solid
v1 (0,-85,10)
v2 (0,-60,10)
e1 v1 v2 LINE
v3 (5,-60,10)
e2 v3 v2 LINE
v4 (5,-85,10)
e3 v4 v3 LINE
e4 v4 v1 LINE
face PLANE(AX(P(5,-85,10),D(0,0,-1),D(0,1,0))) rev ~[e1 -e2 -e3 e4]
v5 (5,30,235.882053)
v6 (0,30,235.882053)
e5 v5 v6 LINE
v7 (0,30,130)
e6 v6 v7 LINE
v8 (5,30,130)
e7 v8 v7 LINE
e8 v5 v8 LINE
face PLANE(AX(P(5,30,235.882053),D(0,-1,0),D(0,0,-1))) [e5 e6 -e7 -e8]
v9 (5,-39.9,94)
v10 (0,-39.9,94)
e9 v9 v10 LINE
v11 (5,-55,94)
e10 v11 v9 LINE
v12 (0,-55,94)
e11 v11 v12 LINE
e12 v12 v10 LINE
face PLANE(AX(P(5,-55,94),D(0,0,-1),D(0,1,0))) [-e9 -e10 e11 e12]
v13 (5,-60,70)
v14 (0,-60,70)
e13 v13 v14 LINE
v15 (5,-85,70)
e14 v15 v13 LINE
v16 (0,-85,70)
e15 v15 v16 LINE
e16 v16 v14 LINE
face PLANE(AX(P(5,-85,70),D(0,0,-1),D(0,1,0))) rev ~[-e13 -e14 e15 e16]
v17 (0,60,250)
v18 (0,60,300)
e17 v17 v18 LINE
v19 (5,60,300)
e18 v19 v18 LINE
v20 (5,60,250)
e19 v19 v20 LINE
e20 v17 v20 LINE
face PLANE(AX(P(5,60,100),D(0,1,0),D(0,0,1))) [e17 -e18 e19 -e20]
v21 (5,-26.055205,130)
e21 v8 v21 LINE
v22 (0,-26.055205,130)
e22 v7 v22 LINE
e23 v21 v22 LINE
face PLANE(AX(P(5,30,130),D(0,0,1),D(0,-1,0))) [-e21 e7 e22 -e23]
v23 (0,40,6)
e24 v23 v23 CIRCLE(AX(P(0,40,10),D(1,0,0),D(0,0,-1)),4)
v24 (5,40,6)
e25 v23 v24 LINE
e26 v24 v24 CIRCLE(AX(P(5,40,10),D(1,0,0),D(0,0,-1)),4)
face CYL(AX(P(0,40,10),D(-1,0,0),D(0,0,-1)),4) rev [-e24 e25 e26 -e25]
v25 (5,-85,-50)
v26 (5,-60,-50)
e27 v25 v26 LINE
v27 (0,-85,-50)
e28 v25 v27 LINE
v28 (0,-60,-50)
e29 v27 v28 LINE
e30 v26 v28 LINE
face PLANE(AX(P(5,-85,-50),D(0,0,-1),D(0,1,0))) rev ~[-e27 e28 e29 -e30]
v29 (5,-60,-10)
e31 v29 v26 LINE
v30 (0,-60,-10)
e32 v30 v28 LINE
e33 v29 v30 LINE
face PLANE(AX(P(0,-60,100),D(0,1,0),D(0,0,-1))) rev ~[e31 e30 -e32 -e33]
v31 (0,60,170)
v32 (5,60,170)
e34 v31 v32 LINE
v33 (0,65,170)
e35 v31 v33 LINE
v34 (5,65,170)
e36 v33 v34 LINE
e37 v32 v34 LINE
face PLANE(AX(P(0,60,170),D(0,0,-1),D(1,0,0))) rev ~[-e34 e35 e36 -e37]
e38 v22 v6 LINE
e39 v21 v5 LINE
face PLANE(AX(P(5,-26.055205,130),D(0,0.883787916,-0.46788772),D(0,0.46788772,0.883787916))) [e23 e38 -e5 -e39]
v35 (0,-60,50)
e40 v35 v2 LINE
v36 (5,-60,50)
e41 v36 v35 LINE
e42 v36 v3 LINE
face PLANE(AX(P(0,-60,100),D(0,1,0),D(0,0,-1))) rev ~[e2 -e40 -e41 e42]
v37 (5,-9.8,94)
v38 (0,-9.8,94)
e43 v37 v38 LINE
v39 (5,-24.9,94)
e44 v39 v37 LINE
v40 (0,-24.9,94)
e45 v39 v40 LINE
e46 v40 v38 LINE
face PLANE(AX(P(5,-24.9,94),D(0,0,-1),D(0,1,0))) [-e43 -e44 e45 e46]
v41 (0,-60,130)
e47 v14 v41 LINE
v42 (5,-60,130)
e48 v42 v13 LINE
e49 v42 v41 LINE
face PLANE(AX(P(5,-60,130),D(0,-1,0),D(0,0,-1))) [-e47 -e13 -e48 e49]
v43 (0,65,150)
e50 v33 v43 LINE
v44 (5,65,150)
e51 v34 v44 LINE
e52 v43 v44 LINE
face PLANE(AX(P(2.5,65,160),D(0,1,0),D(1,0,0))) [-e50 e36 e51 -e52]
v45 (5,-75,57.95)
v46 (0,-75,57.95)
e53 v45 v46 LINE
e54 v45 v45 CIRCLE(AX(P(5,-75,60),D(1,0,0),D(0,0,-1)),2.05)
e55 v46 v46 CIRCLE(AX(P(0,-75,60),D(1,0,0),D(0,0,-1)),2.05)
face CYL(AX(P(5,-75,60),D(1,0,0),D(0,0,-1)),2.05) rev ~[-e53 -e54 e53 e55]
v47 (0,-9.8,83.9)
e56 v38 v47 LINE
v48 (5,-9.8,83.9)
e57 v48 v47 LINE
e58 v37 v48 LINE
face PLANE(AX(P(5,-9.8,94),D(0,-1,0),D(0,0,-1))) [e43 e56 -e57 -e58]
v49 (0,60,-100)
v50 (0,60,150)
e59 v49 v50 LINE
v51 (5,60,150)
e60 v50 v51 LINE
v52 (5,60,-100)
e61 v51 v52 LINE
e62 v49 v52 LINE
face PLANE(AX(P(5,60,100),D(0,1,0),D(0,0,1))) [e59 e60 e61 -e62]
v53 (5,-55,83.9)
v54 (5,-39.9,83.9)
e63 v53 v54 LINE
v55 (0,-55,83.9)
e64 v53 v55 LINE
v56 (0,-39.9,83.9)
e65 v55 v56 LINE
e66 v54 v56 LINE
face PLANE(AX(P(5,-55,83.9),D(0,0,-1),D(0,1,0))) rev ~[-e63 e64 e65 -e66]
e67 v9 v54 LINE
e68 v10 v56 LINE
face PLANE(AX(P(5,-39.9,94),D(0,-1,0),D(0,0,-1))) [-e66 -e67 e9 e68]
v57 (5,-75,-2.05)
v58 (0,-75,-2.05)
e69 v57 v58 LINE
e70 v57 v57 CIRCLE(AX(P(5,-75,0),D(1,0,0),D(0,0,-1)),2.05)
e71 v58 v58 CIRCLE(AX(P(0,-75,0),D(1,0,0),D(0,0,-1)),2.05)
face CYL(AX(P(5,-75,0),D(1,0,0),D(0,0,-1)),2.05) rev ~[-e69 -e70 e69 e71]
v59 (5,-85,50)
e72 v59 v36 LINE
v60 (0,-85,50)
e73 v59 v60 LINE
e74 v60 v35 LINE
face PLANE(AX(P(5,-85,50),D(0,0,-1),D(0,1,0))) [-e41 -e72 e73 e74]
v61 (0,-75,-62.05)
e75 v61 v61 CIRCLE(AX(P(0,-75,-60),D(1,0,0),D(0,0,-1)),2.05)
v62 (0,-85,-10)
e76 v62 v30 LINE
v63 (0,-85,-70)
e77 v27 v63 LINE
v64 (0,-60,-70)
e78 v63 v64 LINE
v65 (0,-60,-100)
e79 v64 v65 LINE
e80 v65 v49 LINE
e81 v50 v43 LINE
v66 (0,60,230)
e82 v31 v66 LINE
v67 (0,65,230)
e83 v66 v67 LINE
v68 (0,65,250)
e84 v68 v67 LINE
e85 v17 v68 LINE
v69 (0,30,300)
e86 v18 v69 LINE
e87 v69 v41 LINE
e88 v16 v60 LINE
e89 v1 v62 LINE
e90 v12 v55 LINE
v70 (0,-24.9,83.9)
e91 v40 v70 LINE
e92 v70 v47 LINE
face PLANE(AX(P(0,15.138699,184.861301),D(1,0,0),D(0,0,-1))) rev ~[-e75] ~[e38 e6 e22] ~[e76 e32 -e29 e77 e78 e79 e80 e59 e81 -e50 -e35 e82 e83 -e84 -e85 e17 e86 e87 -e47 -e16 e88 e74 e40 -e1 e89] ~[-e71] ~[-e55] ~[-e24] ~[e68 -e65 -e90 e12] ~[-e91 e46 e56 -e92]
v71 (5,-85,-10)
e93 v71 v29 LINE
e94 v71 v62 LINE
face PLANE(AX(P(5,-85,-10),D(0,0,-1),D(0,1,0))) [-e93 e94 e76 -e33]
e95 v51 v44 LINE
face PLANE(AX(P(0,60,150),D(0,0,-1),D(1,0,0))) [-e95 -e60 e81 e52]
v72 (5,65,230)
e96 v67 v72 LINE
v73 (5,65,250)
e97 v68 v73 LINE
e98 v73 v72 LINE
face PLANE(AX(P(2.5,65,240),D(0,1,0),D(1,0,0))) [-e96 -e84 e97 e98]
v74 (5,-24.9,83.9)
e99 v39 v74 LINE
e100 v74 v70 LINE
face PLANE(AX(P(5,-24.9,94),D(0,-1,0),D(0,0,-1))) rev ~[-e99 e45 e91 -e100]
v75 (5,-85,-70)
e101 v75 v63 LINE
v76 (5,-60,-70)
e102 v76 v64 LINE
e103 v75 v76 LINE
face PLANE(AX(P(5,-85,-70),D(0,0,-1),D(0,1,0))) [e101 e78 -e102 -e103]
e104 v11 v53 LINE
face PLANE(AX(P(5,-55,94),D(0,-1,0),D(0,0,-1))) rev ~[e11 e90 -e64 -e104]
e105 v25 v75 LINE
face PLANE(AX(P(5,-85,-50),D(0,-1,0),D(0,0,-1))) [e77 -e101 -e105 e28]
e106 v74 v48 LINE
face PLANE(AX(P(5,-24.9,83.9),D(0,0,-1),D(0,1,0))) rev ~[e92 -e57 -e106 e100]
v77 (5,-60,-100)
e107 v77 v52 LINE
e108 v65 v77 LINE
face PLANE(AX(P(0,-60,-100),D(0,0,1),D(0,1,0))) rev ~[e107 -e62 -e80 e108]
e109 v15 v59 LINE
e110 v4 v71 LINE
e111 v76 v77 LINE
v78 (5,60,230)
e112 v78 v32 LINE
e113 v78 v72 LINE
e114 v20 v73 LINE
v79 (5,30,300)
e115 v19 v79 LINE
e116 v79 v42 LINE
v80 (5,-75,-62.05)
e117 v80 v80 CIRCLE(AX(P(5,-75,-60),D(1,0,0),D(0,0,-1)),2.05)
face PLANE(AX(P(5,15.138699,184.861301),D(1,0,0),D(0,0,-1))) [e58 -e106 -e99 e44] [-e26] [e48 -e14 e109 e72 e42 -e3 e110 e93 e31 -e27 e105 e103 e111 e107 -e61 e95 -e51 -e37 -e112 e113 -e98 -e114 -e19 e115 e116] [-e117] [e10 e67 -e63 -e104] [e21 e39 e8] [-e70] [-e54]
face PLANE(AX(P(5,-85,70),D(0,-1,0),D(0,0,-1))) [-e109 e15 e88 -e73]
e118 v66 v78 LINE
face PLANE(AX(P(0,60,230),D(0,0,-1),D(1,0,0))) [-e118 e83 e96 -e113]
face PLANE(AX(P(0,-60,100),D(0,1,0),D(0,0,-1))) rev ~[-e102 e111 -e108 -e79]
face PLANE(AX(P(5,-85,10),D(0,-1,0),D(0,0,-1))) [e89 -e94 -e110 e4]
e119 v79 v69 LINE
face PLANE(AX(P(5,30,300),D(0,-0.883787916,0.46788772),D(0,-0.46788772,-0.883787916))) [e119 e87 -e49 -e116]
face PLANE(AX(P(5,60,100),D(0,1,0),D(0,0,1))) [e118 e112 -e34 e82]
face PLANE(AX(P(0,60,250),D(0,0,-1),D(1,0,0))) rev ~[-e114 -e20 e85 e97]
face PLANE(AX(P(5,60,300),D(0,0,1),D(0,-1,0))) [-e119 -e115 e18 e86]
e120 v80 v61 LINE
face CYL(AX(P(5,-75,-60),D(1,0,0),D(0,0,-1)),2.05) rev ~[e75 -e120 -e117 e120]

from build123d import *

# Parameters (mm, degrees)
SKETCH_1_W          = 200
SKETCH_1_H          = 120
SKETCH_1_R          = 4
EXTRUDE_1_DEPTH     = 5
SKETCH_2_W          = 20
SKETCH_2_H          = 25
SKETCH_2_R          = 2.05
EXTRUDE_2_DEPTH     = 5
EXTRUDE_3_DEPTH     = 5
SKETCH_4_W          = 10.1
SKETCH_4_H          = 15.1
CUT_EXTRUDE_1_DEPTH = 312.84932259
SKETCH_5_W          = 5
SKETCH_5_H          = 20
EXTRUDE_4_DEPTH     = 5


with BuildPart() as part:
    # 草圖1 → 填料-伸長1 (new body)
    with BuildSketch(Plane(origin=(0, 0, 0), x_dir=(0, 0, -1), z_dir=(1, 0, 0))):
        Rectangle(SKETCH_1_W, SKETCH_1_H)
        with Locations((-10, 40)):
            Circle(SKETCH_1_R, mode=Mode.SUBTRACT)
    extrude(amount=EXTRUDE_1_DEPTH)

    # 草圖2 → 填料-伸長2 (add)
    # profile 1 of 3: a face of its own
    with BuildSketch(Plane(origin=(5, 0, 0), x_dir=(0, 0, -1), z_dir=(1, 0, 0))):
        with Locations((-60, -72.5)):
            Rectangle(SKETCH_2_W, SKETCH_2_H)
        with Locations((-60, -75)):
            Circle(SKETCH_2_R, mode=Mode.SUBTRACT)
    # profile 2 of 3: a face of its own
    with BuildSketch(Plane(origin=(5, 0, 0), x_dir=(0, 0, -1), z_dir=(1, 0, 0))):
        with Locations((0, -72.5)):
            Rectangle(SKETCH_2_W, SKETCH_2_H)
        with Locations((0, -75)):
            Circle(SKETCH_2_R, mode=Mode.SUBTRACT)
    # profile 3 of 3: a face of its own
    with BuildSketch(Plane(origin=(5, 0, 0), x_dir=(0, 0, -1), z_dir=(1, 0, 0))):
        with Locations((60, -72.5)):
            Rectangle(SKETCH_2_W, SKETCH_2_H)
        with Locations((60, -75)):
            Circle(SKETCH_2_R, mode=Mode.SUBTRACT)
    extrude(amount=-EXTRUDE_2_DEPTH)

    # 草圖3 → 填料-伸長3 (add)
    with BuildSketch(Plane(origin=(5, 0, 0), x_dir=(0, 0, -1), z_dir=(1, 0, 0))):
        Polygon((-100, 60), (-300, 60), (-300, 30), (-130, -60), (-100, -60), align=None)
        Polygon((-130, 30), (-130, -26.055204597), (-235.882053128, 30), align=None, mode=Mode.SUBTRACT)
    extrude(amount=-EXTRUDE_3_DEPTH)

    # 草圖4 → 除料-伸長1 (cut, through all)
    with BuildSketch(Plane(origin=(5, 0, 0), x_dir=(0, 0, -1), z_dir=(1, 0, 0))):
        with Locations((-88.95, -17.35)):
            Rectangle(SKETCH_4_W, SKETCH_4_H)
        with Locations((-88.95, -47.45)):
            Rectangle(SKETCH_4_W, SKETCH_4_H)
    extrude(amount=-CUT_EXTRUDE_1_DEPTH, mode=Mode.SUBTRACT)

    # 草圖5 → 填料-伸長4 (add)
    with BuildSketch(Plane(origin=(0, 60, 0), x_dir=(1, 0, 0), z_dir=(0, 1, 0))):
        with Locations((2.5, -160)):
            Rectangle(SKETCH_5_W, SKETCH_5_H)
        with Locations((2.5, -240)):
            Rectangle(SKETCH_5_W, SKETCH_5_H)
    extrude(amount=EXTRUDE_4_DEPTH)


solid = part.part
